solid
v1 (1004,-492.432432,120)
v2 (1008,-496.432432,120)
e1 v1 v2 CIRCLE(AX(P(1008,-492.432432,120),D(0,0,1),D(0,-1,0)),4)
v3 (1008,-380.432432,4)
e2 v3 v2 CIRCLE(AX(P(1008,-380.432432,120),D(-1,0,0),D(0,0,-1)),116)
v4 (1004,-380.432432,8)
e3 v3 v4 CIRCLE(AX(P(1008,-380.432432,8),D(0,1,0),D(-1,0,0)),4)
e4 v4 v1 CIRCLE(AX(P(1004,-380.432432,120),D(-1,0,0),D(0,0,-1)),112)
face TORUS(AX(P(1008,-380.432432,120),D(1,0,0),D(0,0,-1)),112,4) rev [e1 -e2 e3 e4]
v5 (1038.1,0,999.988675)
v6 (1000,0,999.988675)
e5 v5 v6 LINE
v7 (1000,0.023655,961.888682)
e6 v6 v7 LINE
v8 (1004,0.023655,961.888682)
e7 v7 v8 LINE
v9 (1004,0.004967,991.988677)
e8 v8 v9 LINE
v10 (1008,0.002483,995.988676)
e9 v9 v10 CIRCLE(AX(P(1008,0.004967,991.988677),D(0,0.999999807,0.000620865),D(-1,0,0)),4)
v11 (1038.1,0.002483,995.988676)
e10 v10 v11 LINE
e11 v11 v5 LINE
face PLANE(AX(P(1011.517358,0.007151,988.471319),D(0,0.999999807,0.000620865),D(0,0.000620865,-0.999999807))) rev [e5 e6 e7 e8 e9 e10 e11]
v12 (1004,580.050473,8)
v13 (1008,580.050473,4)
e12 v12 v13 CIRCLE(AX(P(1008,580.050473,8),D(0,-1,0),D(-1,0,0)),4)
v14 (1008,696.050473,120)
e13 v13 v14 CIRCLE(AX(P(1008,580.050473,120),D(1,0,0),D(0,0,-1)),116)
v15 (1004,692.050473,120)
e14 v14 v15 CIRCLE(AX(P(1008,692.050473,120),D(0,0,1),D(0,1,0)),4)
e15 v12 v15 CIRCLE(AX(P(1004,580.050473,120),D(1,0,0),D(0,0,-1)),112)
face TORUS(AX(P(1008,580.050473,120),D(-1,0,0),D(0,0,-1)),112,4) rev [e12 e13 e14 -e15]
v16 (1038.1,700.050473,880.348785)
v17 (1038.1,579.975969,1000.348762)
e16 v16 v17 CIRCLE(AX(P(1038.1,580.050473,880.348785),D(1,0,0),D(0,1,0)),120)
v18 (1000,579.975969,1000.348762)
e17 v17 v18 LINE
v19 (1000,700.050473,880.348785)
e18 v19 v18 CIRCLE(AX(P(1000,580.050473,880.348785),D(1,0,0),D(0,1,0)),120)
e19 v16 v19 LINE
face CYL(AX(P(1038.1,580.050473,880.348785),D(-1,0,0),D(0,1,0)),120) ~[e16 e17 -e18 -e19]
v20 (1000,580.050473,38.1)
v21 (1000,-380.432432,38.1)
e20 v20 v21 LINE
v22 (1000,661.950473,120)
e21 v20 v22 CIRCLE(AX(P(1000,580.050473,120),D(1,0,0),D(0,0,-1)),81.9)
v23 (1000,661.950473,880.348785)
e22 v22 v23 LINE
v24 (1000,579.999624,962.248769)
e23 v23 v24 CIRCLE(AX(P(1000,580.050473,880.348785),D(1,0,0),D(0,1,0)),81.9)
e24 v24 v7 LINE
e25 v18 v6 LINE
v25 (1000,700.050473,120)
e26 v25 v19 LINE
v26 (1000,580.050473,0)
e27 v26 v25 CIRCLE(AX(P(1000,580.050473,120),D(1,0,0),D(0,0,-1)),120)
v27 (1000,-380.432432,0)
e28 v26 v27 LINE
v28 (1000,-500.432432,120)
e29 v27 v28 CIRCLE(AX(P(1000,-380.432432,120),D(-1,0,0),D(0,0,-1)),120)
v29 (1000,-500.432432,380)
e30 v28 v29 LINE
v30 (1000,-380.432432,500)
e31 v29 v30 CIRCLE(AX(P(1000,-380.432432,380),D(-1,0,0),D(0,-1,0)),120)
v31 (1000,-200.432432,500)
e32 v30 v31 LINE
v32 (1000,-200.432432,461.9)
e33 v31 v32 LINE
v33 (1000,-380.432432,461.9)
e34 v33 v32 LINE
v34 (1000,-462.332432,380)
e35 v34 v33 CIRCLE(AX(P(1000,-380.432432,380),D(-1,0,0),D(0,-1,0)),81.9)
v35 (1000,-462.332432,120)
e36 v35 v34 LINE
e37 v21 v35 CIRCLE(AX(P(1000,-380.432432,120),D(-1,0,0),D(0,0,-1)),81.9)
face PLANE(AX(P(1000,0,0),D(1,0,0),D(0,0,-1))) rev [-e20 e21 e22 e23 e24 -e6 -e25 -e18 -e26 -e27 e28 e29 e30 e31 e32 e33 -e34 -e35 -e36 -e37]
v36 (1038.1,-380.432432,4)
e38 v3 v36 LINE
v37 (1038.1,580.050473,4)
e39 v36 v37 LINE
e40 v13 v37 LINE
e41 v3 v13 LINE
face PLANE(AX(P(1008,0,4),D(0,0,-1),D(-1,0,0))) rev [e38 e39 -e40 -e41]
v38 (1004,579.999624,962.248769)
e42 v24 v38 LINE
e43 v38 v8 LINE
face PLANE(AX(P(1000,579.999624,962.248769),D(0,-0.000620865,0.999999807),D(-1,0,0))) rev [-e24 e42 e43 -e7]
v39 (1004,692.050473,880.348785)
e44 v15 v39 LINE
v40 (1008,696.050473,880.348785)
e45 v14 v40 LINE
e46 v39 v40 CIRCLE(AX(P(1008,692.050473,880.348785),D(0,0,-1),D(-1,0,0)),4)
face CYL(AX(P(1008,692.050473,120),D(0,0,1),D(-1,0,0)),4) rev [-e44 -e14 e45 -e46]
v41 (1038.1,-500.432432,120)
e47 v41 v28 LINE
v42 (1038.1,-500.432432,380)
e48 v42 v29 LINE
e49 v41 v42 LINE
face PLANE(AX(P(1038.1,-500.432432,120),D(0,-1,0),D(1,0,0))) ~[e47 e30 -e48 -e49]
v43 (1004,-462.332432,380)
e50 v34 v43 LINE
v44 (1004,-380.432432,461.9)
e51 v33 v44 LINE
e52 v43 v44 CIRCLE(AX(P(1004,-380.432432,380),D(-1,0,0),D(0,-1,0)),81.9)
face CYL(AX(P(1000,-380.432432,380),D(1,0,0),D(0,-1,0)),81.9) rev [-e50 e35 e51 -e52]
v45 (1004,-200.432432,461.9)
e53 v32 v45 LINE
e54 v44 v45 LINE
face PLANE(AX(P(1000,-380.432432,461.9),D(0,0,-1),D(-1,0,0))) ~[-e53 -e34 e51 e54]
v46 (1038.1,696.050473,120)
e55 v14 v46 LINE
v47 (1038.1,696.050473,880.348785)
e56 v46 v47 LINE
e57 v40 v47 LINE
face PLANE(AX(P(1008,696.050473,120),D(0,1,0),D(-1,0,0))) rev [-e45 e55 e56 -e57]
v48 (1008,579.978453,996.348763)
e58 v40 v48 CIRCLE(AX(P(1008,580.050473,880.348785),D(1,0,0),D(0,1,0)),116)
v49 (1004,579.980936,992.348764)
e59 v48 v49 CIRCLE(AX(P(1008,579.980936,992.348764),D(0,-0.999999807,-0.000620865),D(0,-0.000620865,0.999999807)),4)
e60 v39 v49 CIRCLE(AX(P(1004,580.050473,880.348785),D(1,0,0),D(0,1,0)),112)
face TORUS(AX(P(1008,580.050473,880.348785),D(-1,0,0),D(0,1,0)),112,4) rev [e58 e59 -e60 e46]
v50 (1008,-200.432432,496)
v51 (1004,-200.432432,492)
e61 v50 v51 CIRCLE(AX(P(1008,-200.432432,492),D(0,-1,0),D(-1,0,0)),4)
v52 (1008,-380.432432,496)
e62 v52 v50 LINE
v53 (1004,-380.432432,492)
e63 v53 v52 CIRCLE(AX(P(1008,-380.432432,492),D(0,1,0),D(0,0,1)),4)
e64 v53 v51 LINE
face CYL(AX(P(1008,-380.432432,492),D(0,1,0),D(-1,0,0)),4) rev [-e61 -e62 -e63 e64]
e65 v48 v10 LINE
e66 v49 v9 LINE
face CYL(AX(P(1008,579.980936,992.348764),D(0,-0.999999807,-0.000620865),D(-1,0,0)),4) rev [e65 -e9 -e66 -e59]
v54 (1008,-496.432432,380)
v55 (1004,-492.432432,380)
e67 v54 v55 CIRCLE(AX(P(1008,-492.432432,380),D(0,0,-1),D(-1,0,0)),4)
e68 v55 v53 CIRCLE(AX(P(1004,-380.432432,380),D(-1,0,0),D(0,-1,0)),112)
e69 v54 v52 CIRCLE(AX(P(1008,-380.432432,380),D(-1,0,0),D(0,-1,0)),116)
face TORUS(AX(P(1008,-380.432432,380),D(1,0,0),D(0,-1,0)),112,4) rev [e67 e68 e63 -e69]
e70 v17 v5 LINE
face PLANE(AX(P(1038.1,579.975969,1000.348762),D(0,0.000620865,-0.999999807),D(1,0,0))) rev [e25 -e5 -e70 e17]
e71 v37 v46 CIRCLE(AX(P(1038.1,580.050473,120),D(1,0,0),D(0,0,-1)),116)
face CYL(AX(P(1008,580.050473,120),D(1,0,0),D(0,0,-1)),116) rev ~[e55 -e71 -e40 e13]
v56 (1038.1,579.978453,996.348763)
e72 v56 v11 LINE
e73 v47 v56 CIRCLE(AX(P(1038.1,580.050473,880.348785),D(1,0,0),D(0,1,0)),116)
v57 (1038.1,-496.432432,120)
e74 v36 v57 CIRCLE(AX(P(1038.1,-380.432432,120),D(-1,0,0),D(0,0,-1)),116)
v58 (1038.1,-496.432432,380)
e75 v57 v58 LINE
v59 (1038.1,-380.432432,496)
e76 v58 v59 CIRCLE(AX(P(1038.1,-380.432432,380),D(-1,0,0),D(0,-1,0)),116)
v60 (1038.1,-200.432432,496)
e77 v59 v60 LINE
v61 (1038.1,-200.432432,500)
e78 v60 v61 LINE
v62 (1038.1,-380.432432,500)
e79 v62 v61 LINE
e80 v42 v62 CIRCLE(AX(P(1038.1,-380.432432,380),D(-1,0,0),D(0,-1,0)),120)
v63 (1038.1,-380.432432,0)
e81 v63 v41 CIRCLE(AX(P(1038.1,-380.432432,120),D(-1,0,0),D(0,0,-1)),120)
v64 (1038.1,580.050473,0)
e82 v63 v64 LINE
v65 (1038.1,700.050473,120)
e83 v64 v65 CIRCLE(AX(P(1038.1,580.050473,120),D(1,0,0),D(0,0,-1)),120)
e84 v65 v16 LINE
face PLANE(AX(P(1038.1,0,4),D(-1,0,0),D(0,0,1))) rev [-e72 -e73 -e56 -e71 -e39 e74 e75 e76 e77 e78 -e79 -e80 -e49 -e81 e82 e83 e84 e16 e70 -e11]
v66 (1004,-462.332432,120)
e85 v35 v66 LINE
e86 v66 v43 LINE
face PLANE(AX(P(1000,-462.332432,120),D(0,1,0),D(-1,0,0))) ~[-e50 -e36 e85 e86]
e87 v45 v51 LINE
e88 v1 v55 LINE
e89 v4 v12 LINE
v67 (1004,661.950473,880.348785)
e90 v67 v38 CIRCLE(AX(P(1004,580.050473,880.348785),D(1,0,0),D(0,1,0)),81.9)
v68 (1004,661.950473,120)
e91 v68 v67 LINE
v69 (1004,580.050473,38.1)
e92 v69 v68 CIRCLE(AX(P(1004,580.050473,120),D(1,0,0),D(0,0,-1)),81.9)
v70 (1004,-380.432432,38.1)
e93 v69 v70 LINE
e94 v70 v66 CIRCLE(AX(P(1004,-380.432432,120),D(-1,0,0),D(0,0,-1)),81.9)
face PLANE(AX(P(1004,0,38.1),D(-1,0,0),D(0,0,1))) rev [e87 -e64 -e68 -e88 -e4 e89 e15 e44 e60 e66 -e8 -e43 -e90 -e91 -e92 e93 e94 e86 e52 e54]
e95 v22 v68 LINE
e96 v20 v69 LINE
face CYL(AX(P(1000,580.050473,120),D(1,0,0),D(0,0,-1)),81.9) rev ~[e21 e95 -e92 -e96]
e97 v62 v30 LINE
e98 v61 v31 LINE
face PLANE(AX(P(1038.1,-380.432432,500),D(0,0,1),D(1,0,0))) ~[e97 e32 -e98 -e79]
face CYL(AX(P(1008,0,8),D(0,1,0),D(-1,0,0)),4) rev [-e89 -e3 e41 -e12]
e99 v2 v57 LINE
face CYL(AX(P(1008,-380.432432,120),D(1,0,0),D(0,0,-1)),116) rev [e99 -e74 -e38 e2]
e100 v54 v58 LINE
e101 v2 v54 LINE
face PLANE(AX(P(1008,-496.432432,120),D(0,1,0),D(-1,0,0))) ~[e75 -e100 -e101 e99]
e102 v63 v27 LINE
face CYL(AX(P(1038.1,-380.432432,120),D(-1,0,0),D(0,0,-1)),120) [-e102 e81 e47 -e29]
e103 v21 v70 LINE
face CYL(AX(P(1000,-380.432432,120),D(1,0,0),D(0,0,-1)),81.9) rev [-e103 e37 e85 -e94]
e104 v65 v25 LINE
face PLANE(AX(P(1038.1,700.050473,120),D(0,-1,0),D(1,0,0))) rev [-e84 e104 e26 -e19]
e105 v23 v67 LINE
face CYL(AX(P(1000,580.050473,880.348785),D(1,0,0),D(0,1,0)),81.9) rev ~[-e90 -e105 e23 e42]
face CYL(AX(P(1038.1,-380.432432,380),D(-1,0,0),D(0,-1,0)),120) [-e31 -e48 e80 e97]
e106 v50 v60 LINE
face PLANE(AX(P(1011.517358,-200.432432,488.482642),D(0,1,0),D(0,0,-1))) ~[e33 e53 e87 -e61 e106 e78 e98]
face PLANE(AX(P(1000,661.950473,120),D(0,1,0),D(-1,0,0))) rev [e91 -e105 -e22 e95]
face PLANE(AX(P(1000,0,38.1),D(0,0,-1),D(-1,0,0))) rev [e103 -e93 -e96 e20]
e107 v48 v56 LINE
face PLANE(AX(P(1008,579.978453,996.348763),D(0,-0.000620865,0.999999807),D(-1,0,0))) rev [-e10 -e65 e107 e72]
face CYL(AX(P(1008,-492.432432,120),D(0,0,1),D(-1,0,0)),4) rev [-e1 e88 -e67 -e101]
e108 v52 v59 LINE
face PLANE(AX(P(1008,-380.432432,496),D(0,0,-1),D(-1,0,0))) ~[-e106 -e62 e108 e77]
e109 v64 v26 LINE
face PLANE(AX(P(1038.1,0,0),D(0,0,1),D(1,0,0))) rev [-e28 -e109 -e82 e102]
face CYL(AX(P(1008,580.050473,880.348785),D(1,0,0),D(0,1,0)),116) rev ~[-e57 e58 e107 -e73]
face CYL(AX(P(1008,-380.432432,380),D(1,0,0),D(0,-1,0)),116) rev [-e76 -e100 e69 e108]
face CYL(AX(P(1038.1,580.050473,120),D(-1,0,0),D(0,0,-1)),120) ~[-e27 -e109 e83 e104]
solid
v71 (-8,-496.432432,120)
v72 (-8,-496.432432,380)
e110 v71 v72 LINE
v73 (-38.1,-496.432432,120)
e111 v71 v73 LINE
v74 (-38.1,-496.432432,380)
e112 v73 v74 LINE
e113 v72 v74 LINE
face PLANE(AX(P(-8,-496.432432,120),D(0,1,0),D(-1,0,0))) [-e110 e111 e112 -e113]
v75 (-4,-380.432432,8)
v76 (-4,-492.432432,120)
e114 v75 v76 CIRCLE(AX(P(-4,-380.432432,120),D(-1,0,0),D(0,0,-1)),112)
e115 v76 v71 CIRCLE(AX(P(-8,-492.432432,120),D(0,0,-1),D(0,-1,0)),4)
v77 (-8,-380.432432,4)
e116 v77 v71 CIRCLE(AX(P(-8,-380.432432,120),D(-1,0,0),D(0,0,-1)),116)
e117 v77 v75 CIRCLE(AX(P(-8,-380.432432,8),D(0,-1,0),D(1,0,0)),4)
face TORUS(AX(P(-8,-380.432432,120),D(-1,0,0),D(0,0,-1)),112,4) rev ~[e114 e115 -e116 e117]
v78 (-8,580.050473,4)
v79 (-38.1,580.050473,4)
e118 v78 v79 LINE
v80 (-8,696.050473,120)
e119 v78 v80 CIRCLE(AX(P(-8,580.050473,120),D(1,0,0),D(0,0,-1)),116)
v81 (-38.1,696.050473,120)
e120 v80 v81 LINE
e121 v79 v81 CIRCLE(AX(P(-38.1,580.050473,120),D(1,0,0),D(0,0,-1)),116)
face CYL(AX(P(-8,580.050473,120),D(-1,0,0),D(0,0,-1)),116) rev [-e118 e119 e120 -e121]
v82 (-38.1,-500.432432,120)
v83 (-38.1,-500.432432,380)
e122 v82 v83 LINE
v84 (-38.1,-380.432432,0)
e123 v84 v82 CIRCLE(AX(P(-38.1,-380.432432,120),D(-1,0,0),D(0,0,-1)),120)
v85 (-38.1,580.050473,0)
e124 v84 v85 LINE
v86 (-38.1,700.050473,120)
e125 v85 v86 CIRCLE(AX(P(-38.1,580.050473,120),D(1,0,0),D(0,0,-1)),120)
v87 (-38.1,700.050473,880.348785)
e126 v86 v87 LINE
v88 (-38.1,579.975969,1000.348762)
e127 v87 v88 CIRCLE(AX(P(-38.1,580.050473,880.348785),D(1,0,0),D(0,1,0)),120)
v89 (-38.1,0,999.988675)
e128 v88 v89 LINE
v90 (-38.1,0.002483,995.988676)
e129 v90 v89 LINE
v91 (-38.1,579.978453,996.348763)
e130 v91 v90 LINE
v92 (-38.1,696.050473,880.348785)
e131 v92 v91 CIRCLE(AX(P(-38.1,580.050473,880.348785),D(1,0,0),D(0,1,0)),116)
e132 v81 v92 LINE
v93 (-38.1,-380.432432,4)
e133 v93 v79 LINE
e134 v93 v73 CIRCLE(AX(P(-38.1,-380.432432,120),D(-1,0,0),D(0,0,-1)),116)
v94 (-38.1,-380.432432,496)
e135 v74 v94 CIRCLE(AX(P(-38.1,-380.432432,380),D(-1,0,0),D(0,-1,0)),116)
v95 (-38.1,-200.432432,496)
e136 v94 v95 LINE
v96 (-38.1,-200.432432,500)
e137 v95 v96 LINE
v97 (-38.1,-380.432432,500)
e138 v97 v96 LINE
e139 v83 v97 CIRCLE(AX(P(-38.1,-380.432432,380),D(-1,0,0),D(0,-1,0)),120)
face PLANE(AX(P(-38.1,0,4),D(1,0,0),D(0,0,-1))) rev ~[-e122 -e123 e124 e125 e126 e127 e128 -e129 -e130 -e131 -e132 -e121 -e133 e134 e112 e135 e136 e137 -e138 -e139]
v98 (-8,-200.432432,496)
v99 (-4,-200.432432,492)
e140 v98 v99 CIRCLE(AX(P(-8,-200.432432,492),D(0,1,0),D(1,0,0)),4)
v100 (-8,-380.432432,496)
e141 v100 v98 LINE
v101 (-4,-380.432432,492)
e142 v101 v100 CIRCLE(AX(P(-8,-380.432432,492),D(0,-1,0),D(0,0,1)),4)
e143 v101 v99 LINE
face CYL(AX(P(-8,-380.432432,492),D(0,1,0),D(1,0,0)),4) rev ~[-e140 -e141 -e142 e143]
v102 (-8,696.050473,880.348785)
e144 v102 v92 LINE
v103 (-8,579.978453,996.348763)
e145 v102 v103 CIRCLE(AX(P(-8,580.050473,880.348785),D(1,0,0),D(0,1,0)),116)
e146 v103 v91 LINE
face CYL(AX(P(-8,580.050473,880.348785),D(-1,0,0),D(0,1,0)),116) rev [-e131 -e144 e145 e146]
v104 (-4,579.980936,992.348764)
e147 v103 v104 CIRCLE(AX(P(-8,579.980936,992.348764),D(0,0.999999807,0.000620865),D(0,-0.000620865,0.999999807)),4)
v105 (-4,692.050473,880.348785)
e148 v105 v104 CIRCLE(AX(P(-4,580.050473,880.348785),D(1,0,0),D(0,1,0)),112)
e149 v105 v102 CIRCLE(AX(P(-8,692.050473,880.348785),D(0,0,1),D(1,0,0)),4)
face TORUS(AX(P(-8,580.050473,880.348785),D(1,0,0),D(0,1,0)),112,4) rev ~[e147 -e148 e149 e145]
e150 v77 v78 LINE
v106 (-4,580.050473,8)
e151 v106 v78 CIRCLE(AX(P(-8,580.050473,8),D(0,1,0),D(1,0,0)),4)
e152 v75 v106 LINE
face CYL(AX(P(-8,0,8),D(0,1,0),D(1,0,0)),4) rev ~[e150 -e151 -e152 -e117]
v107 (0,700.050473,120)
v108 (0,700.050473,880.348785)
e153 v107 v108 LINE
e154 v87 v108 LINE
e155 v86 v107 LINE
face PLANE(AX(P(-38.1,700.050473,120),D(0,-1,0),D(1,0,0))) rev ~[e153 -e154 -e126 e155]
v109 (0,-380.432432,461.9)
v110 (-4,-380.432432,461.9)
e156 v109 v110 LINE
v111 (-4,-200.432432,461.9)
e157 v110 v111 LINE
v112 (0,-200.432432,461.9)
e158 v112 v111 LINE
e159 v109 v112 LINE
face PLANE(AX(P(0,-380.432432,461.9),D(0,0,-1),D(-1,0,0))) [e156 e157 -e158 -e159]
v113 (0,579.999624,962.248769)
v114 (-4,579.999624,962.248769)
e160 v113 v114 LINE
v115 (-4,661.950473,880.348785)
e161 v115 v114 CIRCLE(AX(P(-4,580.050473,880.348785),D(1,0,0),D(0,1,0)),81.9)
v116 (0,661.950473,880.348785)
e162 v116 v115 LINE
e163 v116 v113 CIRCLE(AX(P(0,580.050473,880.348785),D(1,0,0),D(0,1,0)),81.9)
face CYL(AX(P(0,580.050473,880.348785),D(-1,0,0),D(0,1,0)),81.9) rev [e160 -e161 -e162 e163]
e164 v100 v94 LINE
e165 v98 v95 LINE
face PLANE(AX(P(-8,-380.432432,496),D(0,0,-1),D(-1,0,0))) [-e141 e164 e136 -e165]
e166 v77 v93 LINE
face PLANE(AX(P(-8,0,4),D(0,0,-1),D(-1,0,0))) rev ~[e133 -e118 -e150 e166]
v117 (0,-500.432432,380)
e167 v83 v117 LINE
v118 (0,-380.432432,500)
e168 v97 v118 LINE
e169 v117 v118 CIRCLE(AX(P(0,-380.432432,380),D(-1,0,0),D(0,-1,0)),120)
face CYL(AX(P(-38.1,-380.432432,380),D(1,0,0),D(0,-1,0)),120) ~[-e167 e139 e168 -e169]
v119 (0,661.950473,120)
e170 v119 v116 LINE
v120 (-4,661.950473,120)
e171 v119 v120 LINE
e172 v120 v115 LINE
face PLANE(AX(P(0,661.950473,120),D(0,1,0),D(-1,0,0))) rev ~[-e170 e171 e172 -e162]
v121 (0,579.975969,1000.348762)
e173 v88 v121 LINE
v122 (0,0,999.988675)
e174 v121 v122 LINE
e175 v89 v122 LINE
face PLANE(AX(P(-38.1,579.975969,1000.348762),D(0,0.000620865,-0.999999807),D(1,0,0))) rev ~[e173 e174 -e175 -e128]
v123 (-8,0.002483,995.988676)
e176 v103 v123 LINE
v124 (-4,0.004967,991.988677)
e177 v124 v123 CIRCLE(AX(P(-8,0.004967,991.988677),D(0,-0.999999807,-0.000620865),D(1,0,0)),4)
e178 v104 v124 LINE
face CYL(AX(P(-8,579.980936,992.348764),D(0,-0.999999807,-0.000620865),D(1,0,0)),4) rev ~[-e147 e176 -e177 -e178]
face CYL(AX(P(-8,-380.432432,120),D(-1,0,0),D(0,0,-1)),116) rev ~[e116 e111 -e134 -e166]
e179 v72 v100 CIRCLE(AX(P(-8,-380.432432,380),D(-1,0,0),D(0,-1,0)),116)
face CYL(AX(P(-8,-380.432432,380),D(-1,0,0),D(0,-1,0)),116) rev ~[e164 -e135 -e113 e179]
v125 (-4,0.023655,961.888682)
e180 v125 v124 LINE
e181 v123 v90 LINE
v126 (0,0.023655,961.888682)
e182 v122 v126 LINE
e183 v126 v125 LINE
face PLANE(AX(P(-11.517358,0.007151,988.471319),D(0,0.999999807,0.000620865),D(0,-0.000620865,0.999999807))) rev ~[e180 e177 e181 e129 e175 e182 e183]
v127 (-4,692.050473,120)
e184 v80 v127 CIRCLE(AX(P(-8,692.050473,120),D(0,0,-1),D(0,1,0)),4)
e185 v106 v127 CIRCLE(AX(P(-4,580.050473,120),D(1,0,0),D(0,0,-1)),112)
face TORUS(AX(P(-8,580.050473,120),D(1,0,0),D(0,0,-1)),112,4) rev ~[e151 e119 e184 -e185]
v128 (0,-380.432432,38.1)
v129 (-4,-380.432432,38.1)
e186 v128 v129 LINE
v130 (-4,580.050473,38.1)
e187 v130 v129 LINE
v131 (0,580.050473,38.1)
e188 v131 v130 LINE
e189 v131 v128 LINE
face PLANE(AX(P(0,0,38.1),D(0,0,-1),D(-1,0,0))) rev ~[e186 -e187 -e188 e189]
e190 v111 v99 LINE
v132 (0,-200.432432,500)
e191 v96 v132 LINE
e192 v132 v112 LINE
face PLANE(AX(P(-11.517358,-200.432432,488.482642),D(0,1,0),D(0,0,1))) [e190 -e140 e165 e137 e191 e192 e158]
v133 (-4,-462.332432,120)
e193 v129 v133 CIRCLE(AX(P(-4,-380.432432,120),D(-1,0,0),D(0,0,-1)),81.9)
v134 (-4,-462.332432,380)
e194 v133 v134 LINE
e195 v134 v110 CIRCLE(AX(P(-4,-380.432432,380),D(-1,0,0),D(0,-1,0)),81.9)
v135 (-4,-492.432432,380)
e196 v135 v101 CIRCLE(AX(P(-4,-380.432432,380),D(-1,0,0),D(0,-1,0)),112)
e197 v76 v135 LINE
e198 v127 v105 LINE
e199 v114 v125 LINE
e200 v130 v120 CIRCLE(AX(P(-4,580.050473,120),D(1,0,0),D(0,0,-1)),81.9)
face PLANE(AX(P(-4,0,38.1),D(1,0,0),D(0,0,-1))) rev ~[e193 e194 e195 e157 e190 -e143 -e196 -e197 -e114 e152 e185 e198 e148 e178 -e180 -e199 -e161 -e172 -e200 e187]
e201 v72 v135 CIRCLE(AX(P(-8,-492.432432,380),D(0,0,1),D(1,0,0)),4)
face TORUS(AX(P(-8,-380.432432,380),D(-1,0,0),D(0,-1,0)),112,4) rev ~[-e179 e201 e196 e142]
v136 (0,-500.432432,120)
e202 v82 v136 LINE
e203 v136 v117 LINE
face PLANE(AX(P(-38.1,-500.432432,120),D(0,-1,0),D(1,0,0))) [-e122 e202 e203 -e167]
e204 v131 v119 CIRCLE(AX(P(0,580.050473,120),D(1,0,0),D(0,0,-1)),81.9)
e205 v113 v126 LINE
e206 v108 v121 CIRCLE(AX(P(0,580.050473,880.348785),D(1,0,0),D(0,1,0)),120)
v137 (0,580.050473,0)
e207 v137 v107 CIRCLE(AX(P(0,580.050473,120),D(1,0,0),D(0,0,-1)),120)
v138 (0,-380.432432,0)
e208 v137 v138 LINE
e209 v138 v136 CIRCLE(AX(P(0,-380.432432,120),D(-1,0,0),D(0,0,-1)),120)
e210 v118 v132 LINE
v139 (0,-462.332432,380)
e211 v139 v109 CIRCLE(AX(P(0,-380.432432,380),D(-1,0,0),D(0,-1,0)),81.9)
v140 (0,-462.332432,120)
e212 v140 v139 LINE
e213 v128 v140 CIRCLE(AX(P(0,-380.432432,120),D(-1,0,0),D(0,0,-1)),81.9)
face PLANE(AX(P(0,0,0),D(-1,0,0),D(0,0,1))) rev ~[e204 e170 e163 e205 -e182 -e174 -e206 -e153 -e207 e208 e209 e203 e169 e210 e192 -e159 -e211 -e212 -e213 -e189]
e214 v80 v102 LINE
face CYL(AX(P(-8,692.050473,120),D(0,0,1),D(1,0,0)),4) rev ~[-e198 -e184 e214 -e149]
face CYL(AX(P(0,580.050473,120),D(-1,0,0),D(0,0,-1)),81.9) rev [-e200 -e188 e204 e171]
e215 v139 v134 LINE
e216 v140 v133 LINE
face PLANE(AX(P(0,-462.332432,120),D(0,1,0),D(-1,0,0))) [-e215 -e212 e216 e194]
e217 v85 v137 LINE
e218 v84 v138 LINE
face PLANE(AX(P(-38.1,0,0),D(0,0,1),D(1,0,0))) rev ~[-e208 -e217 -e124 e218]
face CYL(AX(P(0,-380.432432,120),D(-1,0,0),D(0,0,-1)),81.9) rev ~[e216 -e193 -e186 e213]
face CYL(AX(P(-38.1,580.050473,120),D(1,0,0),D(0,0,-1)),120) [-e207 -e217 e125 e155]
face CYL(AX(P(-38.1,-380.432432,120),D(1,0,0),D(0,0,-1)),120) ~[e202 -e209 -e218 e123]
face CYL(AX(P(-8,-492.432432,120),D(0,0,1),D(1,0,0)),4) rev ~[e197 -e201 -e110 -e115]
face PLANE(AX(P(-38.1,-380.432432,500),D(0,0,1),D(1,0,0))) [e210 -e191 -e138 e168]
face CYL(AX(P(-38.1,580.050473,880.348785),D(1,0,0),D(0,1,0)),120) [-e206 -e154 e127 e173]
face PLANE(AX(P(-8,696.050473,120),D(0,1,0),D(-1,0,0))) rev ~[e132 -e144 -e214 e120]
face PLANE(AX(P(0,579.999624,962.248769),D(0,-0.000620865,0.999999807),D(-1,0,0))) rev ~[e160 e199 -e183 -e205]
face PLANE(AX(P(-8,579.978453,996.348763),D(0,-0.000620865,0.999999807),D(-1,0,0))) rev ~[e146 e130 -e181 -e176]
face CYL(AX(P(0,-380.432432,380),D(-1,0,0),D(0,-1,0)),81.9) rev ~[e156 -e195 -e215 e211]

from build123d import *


with BuildPart() as f3:
    # F3: sweep along a path in F1
    with BuildLine(Plane.YZ) as f3_path:
        Line((0, 0), (-380.4324316978, 0))
        ThreePointArc((-380.4324316978, 0), (-465.2852454402, 35.1471862576), (-500.4324316978, 120))
        Line((-500.4324316978, 120), (-500.4324316978, 380))
        ThreePointArc((-500.4324316978, 380), (-465.2852454402, 464.8528137424), (-380.4324316978, 500))
        Line((-380.4324316978, 500), (-200.4324316978, 500))
    # F0 (on Front) → F3 (sweep)
    with BuildSketch(Plane.XZ):
        with BuildLine():
            Line((-38.1, 0), (0, 0))
            Line((0, 0), (0, 38.1))
            Line((0, 38.1), (-4, 38.1))
            Line((-4, 38.1), (-4, 8))
            ThreePointArc((-4, 8), (-5.1715728753, 5.1715728753), (-8, 4))
            Line((-8, 4), (-38.1, 4))
            Line((-38.1, 4), (-38.1, 0))
        make_face()
    sweep(path=f3_path.line)

    # F4: sweep along a path in F2
    with BuildLine(Plane.YZ) as f4_path:
        Line((0, 0), (580.0504732132, 0))
        ThreePointArc((580.0504732132, 0), (664.9032869556, 35.1471862576), (700.0504732132, 120))
        Line((700.0504732132, 120), (700.0504732132, 880.3487852189))
        ThreePointArc((700.0504732132, 880.3487852189), (664.8769417856, 965.2279359541), (579.9759693877, 1000.3487620905))
        Line((579.9759693877, 1000.3487620905), (0, 999.9886751175))
    # F0 (on Front) → F4 (sweep)
    with BuildSketch(Plane.XZ):
        with BuildLine():
            Line((-38.1, 0), (0, 0))
            Line((0, 0), (0, 38.1))
            Line((0, 38.1), (-4, 38.1))
            Line((-4, 38.1), (-4, 8))
            ThreePointArc((-4, 8), (-5.1715728753, 5.1715728753), (-8, 4))
            Line((-8, 4), (-38.1, 4))
            Line((-38.1, 4), (-38.1, 0))
        make_face()
    sweep(path=f4_path.line)


with BuildPart() as f6_1:
    # F6: instance of F3
    add(f3.part.mirror(Plane.YZ.offset(500)))


solid = Compound([f3.part, f6_1.part])
